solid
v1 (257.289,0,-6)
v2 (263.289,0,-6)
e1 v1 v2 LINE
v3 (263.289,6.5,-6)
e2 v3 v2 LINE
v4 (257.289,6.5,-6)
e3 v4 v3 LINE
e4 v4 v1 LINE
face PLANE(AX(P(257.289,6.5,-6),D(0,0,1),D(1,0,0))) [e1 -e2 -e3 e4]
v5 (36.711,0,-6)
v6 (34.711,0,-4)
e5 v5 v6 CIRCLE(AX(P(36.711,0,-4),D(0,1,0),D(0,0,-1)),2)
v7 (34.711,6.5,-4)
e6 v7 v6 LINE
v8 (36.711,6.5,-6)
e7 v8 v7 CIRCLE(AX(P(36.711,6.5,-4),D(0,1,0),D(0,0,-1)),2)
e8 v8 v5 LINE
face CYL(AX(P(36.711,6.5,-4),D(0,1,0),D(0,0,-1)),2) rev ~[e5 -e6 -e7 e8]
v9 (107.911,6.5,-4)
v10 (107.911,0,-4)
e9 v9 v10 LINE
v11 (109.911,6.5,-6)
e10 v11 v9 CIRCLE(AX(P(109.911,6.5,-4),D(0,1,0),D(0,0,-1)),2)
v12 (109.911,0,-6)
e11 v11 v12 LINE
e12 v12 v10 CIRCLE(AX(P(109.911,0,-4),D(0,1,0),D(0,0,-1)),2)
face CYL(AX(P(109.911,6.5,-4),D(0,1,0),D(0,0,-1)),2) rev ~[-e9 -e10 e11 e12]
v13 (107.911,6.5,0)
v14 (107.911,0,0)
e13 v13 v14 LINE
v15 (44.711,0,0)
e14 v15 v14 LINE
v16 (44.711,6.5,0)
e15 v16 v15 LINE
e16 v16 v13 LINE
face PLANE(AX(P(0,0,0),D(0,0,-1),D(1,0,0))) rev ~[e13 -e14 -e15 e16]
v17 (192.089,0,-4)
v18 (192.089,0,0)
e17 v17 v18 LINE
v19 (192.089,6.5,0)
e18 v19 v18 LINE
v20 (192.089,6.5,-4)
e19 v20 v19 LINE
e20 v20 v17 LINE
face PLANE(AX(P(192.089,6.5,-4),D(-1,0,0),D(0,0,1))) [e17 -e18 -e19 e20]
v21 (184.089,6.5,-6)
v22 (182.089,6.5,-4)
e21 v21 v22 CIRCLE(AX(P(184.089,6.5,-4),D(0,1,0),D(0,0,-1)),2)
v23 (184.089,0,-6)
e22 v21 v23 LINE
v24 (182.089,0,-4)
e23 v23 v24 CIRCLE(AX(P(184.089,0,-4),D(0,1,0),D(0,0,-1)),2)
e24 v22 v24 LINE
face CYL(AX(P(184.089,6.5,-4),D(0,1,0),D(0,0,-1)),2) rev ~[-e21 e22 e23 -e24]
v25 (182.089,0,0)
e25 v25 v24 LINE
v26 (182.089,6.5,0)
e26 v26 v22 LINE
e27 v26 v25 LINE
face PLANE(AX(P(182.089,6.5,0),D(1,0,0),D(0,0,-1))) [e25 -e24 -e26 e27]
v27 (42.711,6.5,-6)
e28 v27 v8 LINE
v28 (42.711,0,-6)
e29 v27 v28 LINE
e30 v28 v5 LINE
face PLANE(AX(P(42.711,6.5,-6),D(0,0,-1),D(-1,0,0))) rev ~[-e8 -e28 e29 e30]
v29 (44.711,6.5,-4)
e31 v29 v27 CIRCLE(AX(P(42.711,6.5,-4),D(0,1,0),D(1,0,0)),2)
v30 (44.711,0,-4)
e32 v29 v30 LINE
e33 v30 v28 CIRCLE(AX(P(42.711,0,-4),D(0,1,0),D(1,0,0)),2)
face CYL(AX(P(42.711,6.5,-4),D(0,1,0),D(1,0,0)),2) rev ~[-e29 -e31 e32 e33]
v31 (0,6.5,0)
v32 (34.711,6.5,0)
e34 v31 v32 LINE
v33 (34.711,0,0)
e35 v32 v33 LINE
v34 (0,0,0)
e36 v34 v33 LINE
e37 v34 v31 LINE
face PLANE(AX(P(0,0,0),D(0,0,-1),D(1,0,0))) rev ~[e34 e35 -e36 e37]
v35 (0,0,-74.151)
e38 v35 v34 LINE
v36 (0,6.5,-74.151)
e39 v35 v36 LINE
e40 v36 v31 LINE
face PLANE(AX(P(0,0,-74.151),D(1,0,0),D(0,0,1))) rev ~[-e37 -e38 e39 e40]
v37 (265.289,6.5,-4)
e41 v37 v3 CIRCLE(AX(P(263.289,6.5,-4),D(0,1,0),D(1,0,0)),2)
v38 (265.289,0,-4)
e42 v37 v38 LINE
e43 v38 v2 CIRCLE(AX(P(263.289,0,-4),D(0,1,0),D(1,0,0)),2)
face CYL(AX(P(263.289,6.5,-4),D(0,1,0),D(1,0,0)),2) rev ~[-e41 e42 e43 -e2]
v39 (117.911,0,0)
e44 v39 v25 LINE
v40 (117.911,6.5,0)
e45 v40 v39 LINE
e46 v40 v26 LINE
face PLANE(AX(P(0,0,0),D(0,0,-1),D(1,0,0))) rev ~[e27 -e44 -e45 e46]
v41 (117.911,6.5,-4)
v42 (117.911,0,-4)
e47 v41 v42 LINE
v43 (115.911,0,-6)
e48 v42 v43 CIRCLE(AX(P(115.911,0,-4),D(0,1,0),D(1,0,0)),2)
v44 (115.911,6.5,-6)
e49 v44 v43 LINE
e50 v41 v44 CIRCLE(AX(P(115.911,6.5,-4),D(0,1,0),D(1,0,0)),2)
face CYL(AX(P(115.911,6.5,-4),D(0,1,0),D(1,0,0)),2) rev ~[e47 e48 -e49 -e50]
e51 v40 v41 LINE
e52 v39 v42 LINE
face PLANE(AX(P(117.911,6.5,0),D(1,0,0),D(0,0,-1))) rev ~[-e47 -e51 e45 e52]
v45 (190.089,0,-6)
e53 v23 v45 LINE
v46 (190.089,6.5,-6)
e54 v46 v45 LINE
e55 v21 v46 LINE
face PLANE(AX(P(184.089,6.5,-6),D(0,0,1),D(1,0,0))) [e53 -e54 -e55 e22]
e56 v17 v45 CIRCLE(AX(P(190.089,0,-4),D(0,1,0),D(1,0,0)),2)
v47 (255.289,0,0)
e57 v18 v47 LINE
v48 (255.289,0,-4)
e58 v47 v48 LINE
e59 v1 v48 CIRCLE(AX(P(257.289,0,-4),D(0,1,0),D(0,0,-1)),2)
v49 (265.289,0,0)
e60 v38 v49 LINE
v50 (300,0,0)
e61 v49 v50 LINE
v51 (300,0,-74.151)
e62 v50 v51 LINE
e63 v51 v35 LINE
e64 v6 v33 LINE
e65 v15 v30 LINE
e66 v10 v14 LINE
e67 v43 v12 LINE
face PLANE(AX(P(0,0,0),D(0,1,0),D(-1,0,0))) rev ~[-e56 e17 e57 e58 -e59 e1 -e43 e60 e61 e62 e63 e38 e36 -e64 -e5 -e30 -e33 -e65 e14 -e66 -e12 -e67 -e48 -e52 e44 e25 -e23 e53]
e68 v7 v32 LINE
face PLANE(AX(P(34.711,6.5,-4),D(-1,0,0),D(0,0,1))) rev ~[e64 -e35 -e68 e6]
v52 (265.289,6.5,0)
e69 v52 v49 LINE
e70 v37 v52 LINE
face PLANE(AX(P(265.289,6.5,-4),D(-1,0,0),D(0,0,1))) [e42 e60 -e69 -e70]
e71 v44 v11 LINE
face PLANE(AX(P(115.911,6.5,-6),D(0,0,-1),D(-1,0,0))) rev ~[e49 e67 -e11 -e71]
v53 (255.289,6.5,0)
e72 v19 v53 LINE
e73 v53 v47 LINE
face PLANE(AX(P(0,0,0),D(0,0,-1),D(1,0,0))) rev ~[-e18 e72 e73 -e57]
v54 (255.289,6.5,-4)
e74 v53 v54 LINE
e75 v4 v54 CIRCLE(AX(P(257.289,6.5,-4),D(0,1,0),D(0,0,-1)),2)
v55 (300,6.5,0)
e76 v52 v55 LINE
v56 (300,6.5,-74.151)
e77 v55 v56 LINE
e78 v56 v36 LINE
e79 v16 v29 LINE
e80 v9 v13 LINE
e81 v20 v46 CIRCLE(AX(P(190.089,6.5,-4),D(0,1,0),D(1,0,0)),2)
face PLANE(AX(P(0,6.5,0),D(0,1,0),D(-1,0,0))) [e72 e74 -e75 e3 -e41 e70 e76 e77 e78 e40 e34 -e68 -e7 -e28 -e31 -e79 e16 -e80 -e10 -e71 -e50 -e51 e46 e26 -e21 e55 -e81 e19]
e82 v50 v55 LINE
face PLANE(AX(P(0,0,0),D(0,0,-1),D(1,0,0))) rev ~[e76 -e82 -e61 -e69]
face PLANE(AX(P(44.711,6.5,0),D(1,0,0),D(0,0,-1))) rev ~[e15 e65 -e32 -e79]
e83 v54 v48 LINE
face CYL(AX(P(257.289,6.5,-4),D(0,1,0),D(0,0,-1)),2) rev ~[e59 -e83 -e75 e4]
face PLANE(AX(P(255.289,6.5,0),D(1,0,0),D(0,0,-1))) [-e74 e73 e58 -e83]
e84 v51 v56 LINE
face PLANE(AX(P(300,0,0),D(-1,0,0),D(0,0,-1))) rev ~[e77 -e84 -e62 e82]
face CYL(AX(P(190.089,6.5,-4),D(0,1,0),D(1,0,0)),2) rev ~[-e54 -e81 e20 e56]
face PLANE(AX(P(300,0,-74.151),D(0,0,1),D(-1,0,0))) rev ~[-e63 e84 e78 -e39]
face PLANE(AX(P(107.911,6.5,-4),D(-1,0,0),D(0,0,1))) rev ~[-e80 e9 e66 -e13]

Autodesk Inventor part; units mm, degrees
ref_plane "YZ Plane" through (0, 0, 0) normal (1, 0, 0) x (0, 1, 0)
ref_plane "XZ Plane" through (0, 0, 0) normal (0, 1, 0) x (-1, 0, 0)
ref_plane "XY Plane" through (0, 0, 0) normal (0, 0, 1) x (1, 0, 0)
sketch "Sketch1" plane through (0, 0, 0) normal (0, 1, 0) x (-1, 0, 0)
  line L0 (0, 0) -> (-300, 0)
  line L1 (-300, 0) -> (-300, -74.151)
  line L2 (-300, -74.151) -> (0, -74.151)
  line L3 (0, -74.151) -> (0, 0)
  dimension "d0" = 300
  dimension "d1" = 74.151
extrude "Extrusion1" add sketch "Sketch1" along normal blind 6.5
sketch "Sketch2" plane through (0, 6.5, 0) normal (0, 1, 0) x (1, 0, 0)
  line L0 (0, 0) -> (300, 0) projected
  line L1 (300, 74.151) -> (0, 74.151) projected
  line L2 (150, 74.151) -> (150, 0) construction
  line L3 (34.711, 0) -> (44.711, 0)
  line L4 (44.711, 0) -> (44.711, 4)
  line L5 (42.711, 6) -> (36.711, 6)
  line L6 (34.711, 4) -> (34.711, 0)
  line L7 (107.911, 0) -> (117.911, 0)
  line L8 (117.911, 0) -> (117.911, 4)
  line L9 (115.911, 6) -> (109.911, 6)
  line L10 (107.911, 4) -> (107.911, 0)
  arc A0 (36.711, 6) -> (34.711, 4) centre (36.711, 4) ccw
  arc A1 (44.711, 4) -> (42.711, 6) centre (42.711, 4) ccw
  arc A2 (109.911, 6) -> (107.911, 4) centre (109.911, 4) ccw
  arc A3 (117.911, 4) -> (115.911, 6) centre (115.911, 4) ccw
  line L11 (265.289, 0) -> (255.289, 0)
  line L12 (255.289, 0) -> (255.289, 4)
  line L13 (257.289, 6) -> (263.289, 6)
  line L14 (265.289, 4) -> (265.289, 0)
  line L15 (192.089, 0) -> (182.089, 0)
  line L16 (182.089, 0) -> (182.089, 4)
  line L17 (184.089, 6) -> (190.089, 6)
  line L18 (192.089, 4) -> (192.089, 0)
  arc A4 (265.289, 4) -> (263.289, 6) centre (263.289, 4) ccw
  arc A5 (257.289, 6) -> (255.289, 4) centre (257.289, 4) ccw
  arc A6 (192.089, 4) -> (190.089, 6) centre (190.089, 4) ccw
  arc A7 (184.089, 6) -> (182.089, 4) centre (184.089, 4) ccw
  point P0 (39.711, 6)
  point P1 (112.911, 6)
  point P2 (260.289, 6)
  point P3 (187.089, 6)
  dimension "d10" = 2
  dimension "d11" = 73.2
  dimension "d12" = 37.089
  dimension "d13" = 10
  dimension "d14" = 10
  dimension "d15" = 6
extrude "Extrusion2" cut sketch "Sketch2" against normal through all
equation "\"d13\" = d14"
properties part number "front_panel_bottom"
